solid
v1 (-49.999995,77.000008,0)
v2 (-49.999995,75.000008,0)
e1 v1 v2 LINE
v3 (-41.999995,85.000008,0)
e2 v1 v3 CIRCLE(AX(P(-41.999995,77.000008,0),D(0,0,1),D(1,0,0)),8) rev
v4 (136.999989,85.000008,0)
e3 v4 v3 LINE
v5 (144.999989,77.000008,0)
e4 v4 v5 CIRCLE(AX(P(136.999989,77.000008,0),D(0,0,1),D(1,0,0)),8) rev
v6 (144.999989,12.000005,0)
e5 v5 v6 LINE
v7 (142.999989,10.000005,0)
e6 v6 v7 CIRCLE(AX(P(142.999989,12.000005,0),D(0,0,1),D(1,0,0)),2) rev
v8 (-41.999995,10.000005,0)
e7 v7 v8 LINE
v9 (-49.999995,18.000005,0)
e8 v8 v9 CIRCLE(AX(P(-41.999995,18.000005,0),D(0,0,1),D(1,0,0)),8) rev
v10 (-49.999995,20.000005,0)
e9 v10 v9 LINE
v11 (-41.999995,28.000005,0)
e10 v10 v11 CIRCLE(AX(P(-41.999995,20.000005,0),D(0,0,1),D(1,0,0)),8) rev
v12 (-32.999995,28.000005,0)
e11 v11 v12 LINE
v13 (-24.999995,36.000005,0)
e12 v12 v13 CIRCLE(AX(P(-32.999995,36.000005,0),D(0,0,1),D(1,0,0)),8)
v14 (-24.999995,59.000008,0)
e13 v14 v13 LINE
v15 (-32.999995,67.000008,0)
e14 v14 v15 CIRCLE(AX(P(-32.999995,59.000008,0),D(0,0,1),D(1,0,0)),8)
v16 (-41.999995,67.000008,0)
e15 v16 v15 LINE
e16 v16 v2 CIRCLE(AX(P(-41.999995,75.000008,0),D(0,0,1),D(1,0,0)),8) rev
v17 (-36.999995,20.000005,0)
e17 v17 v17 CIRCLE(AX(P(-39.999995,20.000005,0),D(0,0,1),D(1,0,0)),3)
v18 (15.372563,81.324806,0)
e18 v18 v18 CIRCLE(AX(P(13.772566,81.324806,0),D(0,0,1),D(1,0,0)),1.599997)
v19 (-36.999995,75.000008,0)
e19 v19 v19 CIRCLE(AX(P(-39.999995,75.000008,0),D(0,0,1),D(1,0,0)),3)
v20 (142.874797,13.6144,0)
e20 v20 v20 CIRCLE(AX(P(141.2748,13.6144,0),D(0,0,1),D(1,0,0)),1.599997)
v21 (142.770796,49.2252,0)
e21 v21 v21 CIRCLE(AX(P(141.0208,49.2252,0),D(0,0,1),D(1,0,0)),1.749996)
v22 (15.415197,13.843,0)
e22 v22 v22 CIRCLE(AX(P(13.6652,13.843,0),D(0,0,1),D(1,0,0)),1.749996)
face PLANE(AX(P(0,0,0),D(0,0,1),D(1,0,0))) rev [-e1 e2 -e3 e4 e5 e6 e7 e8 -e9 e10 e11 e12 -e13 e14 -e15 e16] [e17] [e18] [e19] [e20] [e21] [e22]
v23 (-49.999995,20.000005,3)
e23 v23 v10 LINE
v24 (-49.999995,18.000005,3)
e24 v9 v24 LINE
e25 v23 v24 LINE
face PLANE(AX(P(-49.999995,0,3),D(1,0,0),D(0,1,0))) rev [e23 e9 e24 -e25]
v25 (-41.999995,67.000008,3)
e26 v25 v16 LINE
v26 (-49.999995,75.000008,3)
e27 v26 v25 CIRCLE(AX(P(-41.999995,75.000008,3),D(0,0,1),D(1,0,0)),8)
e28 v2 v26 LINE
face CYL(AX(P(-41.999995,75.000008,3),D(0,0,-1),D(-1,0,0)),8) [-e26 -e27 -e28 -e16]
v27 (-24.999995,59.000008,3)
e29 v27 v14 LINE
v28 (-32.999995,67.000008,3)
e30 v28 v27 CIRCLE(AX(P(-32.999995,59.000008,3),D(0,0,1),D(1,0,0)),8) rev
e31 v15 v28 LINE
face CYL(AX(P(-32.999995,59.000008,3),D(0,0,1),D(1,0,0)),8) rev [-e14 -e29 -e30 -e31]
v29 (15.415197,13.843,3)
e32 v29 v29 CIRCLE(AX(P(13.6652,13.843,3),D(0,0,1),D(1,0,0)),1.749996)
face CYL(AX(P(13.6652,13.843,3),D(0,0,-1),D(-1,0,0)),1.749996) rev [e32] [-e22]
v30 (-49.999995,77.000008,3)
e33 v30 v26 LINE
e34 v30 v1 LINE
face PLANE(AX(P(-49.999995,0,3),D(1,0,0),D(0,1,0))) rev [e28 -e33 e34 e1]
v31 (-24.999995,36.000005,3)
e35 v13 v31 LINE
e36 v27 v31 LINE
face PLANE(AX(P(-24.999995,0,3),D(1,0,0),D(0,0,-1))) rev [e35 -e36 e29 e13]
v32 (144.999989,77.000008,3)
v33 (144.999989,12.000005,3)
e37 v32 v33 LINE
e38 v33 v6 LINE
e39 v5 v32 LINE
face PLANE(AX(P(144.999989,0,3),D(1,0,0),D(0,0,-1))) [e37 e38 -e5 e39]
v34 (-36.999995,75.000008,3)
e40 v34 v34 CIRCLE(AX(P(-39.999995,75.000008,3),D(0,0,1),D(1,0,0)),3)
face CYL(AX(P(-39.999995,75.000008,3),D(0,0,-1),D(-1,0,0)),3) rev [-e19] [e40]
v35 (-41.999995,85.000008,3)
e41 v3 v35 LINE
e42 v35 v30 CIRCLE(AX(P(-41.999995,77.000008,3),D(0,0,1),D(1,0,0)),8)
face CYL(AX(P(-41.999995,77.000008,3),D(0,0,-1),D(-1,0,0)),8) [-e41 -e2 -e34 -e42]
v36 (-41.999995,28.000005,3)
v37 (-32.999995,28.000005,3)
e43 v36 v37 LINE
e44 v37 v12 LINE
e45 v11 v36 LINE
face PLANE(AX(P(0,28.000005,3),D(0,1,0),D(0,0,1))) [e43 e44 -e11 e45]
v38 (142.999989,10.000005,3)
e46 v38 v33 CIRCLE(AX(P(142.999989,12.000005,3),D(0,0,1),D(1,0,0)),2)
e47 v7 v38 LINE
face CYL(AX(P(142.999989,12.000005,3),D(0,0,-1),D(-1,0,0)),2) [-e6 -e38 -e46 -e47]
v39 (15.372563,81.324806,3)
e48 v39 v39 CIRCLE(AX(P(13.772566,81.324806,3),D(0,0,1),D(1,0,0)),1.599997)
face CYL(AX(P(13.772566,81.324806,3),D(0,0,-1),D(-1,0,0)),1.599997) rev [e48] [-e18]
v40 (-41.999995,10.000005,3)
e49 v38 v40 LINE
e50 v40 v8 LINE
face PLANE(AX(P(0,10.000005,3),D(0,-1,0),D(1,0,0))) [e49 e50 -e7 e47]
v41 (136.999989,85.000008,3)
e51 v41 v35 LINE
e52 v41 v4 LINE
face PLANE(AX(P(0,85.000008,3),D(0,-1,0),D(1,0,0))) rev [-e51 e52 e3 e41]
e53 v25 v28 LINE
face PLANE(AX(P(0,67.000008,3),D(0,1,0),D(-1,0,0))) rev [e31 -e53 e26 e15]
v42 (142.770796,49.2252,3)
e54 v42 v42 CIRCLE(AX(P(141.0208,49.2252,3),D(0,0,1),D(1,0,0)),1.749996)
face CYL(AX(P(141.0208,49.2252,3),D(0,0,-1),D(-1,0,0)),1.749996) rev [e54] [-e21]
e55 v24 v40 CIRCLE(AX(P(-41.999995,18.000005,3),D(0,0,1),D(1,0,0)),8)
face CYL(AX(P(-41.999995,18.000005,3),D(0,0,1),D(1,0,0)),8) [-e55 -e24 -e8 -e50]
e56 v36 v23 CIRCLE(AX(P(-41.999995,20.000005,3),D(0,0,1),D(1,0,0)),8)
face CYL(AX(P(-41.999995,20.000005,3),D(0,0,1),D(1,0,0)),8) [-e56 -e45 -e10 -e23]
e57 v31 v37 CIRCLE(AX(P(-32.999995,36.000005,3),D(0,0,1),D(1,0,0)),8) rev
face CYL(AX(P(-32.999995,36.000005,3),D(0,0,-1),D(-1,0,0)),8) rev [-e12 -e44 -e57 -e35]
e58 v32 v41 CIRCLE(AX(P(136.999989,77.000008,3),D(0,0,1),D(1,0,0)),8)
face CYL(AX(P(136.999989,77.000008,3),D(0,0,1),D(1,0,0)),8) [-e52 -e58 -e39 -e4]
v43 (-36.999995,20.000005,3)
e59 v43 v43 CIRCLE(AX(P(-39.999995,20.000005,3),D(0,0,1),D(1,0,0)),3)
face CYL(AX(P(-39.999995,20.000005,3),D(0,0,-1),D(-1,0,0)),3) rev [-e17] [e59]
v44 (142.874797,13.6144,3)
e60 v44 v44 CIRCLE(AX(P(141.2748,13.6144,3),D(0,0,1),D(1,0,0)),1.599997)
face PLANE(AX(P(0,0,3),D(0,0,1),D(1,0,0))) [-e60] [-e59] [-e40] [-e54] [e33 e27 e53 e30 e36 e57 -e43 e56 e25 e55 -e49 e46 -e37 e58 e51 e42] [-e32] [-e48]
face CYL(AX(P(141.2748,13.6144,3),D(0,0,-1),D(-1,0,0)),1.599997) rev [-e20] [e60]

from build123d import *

# Parameters (mm, degrees)
SKETCH3_W           = 134.999984
SKETCH3_H           = 75.0000024
SKETCH3_R           = 1.5999968
SKETCH3_R_2         = 1.7499965
BOSS_EXTRUDE1_DEPTH = 3
FILLET1_R           = 8
FILLET2_R           = 2


with BuildPart() as part:
    # Sketch3 → Boss-Extrude1 (new body)
    # profile 1 of 4: a face of its own
    with BuildSketch(Plane.XY):
        with BuildLine():
            Line((10.0000054, 85.0000078), (-39.9999946, 85.0000078))
            Line((-39.9999946, 85.0000078), (-39.9999946, 78.0000078))
            ThreePointArc((-39.9999946, 78.0000078), (-37.878674256, 77.121328144), (-36.9999946, 75.0000078))
            ThreePointArc((-36.9999946, 75.0000078), (-37.878674256, 72.878687456), (-39.9999946, 72.0000078))
            Line((-39.9999946, 72.0000078), (-39.9999946, 67.0000078))
            Line((-39.9999946, 67.0000078), (-24.9999946, 67.0000078))
            Line((-24.9999946, 67.0000078), (-24.9999946, 28.0000054))
            Line((-24.9999946, 28.0000054), (-39.9999946, 28.0000054))
            Line((-39.9999946, 28.0000054), (-39.9999946, 23.0000054))
            ThreePointArc((-39.9999946, 23.0000054), (-37.878674256, 22.121325744), (-36.9999946, 20.0000054))
            ThreePointArc((-36.9999946, 20.0000054), (-37.878674256, 17.878685056), (-39.9999946, 17.0000054))
            Line((-39.9999946, 17.0000054), (-39.9999946, 10.0000054))
            Line((-39.9999946, 10.0000054), (10.0000054, 10.0000054))
            Line((10.0000054, 10.0000054), (10.0000054, 85.0000078))
        make_face()
    # profile 2 of 4: a face of its own
    with BuildSketch(Plane.XY):
        with BuildLine():
            Line((-39.9999946, 78.0000078), (-39.9999946, 85.0000078))
            Line((-39.9999946, 85.0000078), (-49.9999946, 85.0000078))
            Line((-49.9999946, 85.0000078), (-49.9999946, 67.0000078))
            Line((-49.9999946, 67.0000078), (-39.9999946, 67.0000078))
            Line((-39.9999946, 67.0000078), (-39.9999946, 72.0000078))
            ThreePointArc((-39.9999946, 72.0000078), (-42.9999946, 75.0000078), (-39.9999946, 78.0000078))
        make_face()
    # profile 3 of 4: a face of its own
    with BuildSketch(Plane.XY):
        with BuildLine():
            Line((-49.9999946, 10.0000054), (-39.9999946, 10.0000054))
            Line((-39.9999946, 10.0000054), (-39.9999946, 17.0000054))
            ThreePointArc((-39.9999946, 17.0000054), (-42.9999946, 20.0000054), (-39.9999946, 23.0000054))
            Line((-39.9999946, 23.0000054), (-39.9999946, 28.0000054))
            Line((-39.9999946, 28.0000054), (-49.9999946, 28.0000054))
            Line((-49.9999946, 28.0000054), (-49.9999946, 10.0000054))
        make_face()
    # profile 4 of 4: a face of its own
    with BuildSketch(Plane.XY):
        with Locations((77.4999974, 47.5000066)):
            Rectangle(SKETCH3_W, SKETCH3_H)
        with Locations((141.2748, 13.6144)):
            Circle(SKETCH3_R, mode=Mode.SUBTRACT)
        with Locations((141.0208, 49.2252)):
            Circle(SKETCH3_R_2, mode=Mode.SUBTRACT)
        with Locations((13.7725658, 81.3248056)):
            Circle(SKETCH3_R, mode=Mode.SUBTRACT)
        with Locations((13.6652, 13.843)):
            Circle(SKETCH3_R_2, mode=Mode.SUBTRACT)
    extrude(amount=BOSS_EXTRUDE1_DEPTH)

    # Fillet1
    fillet1_edges = [part.edges().sort_by_distance(p)[0] for p in [
        (144.9999894, 85.0000078, 1.5),
        (-49.9999946, 10.0000054, 1.5),
        (-49.9999946, 28.0000054, 1.5),
        (-24.9999946, 28.0000054, 1.5),
        (-24.9999946, 67.0000078, 1.5),
        (-49.9999946, 67.0000078, 1.5),
        (-49.9999946, 85.0000078, 1.5),
    ]]
    fillet(fillet1_edges, radius=FILLET1_R)

    # Fillet2
    fillet2_edges = [part.edges().sort_by_distance(p)[0] for p in [
        (144.9999894, 10.0000054, 1.5),
    ]]
    fillet(fillet2_edges, radius=FILLET2_R)


solid = part.part
